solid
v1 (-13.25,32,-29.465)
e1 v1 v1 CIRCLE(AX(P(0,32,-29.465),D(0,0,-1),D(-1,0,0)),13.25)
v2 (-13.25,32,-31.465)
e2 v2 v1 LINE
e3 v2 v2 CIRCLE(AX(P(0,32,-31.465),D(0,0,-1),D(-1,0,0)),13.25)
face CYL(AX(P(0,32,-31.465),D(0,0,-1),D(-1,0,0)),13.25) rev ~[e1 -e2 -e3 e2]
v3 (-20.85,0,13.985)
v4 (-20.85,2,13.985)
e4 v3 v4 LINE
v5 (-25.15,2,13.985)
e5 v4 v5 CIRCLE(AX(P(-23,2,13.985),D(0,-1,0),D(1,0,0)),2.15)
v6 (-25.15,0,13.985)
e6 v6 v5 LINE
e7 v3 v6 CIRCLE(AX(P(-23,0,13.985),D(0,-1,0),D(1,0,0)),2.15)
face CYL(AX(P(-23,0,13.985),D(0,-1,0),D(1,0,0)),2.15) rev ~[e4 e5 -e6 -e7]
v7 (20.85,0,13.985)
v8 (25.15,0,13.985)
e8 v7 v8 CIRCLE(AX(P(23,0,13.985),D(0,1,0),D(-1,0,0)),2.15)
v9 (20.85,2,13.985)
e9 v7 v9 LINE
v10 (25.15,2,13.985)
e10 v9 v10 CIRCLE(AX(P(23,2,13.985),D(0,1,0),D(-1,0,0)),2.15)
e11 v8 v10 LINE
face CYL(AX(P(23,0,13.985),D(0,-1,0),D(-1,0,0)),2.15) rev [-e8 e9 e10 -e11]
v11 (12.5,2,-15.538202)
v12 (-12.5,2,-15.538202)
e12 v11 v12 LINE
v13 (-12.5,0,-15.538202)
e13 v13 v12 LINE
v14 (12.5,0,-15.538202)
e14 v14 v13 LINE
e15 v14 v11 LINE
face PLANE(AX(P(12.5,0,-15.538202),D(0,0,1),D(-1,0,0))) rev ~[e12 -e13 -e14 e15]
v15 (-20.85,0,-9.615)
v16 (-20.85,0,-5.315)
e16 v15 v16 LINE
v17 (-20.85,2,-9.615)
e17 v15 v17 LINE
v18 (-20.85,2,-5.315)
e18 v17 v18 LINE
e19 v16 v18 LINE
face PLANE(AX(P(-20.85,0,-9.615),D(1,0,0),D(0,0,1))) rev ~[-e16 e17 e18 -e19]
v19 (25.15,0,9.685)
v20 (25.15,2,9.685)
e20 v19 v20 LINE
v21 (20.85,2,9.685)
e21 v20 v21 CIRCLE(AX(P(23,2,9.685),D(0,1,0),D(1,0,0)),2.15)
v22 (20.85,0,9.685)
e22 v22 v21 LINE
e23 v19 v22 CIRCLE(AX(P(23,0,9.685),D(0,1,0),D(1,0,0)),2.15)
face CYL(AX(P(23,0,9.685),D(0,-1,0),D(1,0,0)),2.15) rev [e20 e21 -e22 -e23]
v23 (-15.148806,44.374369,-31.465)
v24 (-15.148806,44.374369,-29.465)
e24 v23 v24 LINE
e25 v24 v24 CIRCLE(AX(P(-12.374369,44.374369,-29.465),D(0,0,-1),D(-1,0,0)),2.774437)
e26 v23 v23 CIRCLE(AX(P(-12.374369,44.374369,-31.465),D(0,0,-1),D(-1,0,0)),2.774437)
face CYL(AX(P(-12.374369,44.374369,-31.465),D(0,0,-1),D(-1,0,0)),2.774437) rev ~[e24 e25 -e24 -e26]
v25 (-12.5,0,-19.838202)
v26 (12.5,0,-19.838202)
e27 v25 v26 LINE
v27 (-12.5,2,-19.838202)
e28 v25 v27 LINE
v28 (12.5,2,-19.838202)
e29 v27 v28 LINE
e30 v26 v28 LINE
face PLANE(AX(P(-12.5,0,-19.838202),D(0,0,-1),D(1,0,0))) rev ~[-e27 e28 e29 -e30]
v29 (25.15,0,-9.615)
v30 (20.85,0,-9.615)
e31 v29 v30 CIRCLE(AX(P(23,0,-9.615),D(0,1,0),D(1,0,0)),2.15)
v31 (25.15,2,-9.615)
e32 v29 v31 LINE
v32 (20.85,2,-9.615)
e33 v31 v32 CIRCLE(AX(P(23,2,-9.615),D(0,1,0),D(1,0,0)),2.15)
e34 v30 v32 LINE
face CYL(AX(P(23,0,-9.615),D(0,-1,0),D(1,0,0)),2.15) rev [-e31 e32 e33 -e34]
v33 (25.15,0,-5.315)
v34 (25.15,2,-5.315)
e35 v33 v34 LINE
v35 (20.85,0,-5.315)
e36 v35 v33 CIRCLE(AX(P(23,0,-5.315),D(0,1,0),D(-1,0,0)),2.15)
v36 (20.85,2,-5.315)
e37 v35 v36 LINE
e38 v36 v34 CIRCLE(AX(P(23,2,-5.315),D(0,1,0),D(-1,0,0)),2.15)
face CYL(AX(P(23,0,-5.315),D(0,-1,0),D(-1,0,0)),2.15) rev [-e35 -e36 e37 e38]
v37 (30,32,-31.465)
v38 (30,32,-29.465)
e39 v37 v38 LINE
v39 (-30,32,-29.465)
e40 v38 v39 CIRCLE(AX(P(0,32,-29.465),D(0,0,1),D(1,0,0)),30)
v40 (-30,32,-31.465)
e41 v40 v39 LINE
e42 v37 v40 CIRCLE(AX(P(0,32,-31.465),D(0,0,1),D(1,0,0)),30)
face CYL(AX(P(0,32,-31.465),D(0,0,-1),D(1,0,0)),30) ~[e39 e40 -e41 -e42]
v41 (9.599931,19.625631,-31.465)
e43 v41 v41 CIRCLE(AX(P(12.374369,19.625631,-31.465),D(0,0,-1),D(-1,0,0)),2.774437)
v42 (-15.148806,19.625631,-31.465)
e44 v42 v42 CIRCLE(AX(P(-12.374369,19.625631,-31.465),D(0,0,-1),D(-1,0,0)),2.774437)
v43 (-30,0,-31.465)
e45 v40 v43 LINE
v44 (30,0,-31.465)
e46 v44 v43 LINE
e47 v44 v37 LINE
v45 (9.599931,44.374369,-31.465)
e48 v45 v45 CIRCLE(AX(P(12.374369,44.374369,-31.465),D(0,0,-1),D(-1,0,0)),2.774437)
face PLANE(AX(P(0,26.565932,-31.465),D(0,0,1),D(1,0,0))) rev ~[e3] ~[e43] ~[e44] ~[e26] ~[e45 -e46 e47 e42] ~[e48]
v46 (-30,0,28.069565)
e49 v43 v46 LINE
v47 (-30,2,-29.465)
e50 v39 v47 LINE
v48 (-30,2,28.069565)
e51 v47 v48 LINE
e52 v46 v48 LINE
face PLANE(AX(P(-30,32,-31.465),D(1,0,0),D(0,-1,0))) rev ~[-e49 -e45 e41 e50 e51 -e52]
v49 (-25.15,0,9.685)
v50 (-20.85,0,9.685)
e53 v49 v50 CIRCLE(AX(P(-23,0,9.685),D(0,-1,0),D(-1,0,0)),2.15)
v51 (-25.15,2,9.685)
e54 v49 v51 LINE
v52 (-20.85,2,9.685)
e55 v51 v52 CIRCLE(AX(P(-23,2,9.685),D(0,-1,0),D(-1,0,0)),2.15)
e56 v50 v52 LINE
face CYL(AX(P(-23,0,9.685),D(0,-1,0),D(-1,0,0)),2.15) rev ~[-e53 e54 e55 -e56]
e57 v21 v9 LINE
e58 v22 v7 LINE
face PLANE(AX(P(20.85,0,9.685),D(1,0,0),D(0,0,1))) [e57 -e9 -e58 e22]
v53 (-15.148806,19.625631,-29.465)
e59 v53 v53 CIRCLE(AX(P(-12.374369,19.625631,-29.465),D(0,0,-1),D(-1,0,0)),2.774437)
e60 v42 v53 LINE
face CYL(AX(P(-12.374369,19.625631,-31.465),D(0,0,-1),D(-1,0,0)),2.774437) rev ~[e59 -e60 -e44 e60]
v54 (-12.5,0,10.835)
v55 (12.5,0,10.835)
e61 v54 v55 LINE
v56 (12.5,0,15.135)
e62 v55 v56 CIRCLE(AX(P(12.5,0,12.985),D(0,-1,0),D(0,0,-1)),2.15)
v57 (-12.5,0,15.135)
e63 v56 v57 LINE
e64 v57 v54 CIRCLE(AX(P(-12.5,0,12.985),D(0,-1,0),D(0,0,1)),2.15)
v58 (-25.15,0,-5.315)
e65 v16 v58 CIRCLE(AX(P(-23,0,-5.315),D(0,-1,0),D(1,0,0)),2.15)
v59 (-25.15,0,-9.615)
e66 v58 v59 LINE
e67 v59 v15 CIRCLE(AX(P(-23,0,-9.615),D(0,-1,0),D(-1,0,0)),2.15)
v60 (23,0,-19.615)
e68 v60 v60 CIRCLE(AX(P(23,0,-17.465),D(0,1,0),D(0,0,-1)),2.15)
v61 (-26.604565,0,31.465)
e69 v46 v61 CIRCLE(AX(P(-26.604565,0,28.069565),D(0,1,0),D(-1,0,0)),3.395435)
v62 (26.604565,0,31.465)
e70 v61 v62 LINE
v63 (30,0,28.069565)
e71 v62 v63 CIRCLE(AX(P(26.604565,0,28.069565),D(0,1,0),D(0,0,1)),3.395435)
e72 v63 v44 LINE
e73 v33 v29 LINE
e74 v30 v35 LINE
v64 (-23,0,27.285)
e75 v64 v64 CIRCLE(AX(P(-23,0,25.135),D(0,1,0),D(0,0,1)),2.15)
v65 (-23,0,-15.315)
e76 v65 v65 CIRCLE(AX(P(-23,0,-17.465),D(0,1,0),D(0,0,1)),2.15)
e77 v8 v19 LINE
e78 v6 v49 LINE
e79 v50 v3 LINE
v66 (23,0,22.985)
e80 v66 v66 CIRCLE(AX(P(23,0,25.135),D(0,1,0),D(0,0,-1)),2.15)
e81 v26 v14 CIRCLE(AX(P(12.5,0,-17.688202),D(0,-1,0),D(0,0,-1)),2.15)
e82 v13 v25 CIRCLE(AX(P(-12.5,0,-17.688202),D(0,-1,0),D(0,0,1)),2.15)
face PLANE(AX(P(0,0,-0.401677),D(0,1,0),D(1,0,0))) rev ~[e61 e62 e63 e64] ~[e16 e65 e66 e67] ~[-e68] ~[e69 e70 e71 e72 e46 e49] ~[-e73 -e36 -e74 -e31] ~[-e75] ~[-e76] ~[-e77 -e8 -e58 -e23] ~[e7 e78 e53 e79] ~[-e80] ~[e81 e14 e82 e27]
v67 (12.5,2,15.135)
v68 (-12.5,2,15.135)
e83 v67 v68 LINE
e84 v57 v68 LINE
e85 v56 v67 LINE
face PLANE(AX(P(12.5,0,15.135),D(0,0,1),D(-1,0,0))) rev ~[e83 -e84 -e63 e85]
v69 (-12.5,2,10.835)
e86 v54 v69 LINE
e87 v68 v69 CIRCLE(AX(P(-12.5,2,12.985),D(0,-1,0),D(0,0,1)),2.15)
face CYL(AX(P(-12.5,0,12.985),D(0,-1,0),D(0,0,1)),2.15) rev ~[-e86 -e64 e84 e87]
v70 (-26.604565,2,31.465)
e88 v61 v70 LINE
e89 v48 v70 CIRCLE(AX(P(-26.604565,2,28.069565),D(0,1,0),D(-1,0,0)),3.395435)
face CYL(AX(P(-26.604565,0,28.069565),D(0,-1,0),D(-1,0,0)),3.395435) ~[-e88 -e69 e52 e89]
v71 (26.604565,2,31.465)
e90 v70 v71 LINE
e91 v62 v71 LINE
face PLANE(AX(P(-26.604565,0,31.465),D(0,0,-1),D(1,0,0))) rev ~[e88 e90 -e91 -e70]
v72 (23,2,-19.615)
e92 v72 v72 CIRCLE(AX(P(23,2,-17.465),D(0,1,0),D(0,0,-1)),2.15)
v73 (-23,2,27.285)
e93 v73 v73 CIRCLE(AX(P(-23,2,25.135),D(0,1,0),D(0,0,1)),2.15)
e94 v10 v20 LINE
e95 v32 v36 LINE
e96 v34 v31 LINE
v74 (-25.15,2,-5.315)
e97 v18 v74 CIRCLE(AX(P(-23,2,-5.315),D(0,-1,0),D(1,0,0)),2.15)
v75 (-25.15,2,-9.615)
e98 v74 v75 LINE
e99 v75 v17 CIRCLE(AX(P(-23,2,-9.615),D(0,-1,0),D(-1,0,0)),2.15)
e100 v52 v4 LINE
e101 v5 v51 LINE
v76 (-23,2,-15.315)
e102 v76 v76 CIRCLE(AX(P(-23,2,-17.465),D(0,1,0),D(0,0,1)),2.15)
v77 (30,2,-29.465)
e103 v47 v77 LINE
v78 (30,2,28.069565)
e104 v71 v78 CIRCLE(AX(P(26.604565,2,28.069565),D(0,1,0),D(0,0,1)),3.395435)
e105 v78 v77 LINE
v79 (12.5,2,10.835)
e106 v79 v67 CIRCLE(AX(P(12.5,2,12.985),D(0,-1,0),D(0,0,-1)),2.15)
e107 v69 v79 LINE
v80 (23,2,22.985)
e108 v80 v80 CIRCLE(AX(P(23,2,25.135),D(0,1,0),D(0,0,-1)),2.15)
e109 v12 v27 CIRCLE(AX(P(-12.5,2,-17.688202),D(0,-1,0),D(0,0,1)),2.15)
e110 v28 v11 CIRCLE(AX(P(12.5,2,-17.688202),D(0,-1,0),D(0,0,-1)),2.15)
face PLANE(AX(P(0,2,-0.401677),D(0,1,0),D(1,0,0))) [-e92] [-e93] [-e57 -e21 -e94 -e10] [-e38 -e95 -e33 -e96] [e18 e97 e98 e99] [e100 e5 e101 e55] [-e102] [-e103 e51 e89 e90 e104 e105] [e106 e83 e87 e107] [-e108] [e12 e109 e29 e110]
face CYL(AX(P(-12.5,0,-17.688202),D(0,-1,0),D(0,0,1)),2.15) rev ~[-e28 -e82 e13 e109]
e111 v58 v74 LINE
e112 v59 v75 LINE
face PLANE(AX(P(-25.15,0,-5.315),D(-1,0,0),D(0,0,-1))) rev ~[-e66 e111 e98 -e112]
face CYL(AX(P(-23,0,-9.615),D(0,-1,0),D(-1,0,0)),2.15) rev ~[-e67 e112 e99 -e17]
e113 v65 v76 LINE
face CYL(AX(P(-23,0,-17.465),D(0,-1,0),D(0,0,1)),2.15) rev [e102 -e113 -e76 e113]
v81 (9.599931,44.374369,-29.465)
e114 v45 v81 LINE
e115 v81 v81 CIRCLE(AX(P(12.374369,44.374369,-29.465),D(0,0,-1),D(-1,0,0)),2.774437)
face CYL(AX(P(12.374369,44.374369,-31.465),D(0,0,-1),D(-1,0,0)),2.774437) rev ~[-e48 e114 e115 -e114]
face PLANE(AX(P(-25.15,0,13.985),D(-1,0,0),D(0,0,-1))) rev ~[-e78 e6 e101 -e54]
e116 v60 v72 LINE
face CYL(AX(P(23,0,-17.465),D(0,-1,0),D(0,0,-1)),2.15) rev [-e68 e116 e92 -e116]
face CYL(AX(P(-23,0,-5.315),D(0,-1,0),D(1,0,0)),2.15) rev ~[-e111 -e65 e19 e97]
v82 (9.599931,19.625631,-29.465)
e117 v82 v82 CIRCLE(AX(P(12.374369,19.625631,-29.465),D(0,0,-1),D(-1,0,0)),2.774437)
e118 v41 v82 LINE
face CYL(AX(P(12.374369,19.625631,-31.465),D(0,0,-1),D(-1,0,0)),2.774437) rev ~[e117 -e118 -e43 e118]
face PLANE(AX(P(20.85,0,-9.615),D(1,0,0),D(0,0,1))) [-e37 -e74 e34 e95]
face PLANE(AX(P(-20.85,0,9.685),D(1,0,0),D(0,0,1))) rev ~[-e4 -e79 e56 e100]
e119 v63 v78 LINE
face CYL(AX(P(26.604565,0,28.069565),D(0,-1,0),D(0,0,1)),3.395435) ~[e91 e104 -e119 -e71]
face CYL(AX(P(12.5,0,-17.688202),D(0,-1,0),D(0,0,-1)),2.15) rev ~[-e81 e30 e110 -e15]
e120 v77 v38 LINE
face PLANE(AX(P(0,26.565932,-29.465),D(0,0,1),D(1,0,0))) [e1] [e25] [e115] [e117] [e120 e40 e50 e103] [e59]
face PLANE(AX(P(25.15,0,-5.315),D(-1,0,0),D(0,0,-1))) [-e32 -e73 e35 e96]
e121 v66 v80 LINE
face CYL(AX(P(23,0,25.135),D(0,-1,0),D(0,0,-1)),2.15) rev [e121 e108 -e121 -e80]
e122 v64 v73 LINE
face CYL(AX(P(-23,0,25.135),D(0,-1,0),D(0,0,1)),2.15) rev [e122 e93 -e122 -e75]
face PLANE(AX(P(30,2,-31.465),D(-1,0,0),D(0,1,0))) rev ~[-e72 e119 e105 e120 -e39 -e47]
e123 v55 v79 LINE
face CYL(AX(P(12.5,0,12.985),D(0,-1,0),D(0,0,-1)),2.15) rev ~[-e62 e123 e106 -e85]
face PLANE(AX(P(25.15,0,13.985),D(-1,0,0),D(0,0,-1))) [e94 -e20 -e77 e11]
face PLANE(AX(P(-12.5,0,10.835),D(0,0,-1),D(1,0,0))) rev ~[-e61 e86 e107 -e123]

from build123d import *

# Parameters (mm, degrees)
SKETCH1_R           = 2.15
BOSS_EXTRUDE1_DEPTH = 2
SKETCH5_R           = 2.774437445
SKETCH5_R_2         = 13.25
BOSS_EXTRUDE2_DEPTH = 2


with BuildPart() as part:
    # Sketch1 → Boss-Extrude1 (new body)
    with BuildSketch(Plane(origin=(0, 0, 0), x_dir=(1, 0, 0), z_dir=(0, 1, 0))):
        with BuildLine():
            Line((-26.604565316, -31.465), (26.604565316, -31.465))
            ThreePointArc((26.604565316, -31.465), (29.005500206, -30.470500206), (30, -28.069565316))
            Line((30, -28.069565316), (30, 31.465))
            Line((30, 31.465), (-30, 31.465))
            Line((-30, 31.465), (-30, -28.069565316))
            ThreePointArc((-30, -28.069565316), (-29.005500206, -30.470500206), (-26.604565316, -31.465))
        make_face()
        with Locations(Location((-23, -25.135, 0), (0, 0, 270))):
            Circle(SKETCH1_R, mode=Mode.SUBTRACT)
        with Locations(Location((-23, 17.465, 0), (0, 0, 270))):
            Circle(SKETCH1_R, mode=Mode.SUBTRACT)
        with Locations(Location((23, -25.135, 0), (0, 0, 90))):
            Circle(SKETCH1_R, mode=Mode.SUBTRACT)
        with Locations(Location((23, 17.465, 0), (0, 0, 90))):
            Circle(SKETCH1_R, mode=Mode.SUBTRACT)
        with BuildLine():
            Line((-12.5, 19.838201533), (12.5, 19.838201533))
            ThreePointArc((12.5, 19.838201533), (14.65, 17.688201533), (12.5, 15.538201533))
            Line((12.5, 15.538201533), (-12.5, 15.538201533))
            ThreePointArc((-12.5, 15.538201533), (-14.65, 17.688201533), (-12.5, 19.838201533))
        make_face(mode=Mode.SUBTRACT)
        with BuildLine():
            Line((-20.85, 9.615), (-20.85, 5.315))
            ThreePointArc((-20.85, 5.315), (-23, 3.165), (-25.15, 5.315))
            Line((-25.15, 5.315), (-25.15, 9.615))
            ThreePointArc((-25.15, 9.615), (-23, 11.765), (-20.85, 9.615))
        make_face(mode=Mode.SUBTRACT)
        with BuildLine():
            Line((-20.85, -9.685), (-20.85, -13.985))
            ThreePointArc((-20.85, -13.985), (-23, -16.135), (-25.15, -13.985))
            Line((-25.15, -13.985), (-25.15, -9.685))
            ThreePointArc((-25.15, -9.685), (-23, -7.535), (-20.85, -9.685))
        make_face(mode=Mode.SUBTRACT)
        with BuildLine():
            Line((-12.5, -10.835), (12.5, -10.835))
            ThreePointArc((12.5, -10.835), (14.65, -12.985), (12.5, -15.135))
            Line((12.5, -15.135), (-12.5, -15.135))
            ThreePointArc((-12.5, -15.135), (-14.65, -12.985), (-12.5, -10.835))
        make_face(mode=Mode.SUBTRACT)
        with BuildLine():
            Line((20.85, -9.685), (20.85, -13.985))
            ThreePointArc((20.85, -13.985), (23, -16.135), (25.15, -13.985))
            Line((25.15, -13.985), (25.15, -9.685))
            ThreePointArc((25.15, -9.685), (23, -7.535), (20.85, -9.685))
        make_face(mode=Mode.SUBTRACT)
        with BuildLine():
            Line((20.85, 9.615), (20.85, 5.315))
            ThreePointArc((20.85, 5.315), (23, 3.165), (25.15, 5.315))
            Line((25.15, 5.315), (25.15, 9.615))
            ThreePointArc((25.15, 9.615), (23, 11.765), (20.85, 9.615))
        make_face(mode=Mode.SUBTRACT)
    extrude(amount=BOSS_EXTRUDE1_DEPTH)

    # Sketch5 → Boss-Extrude2 (add)
    with BuildSketch(Plane(origin=(0, 0, -31.465), x_dir=(-1, 0, 0), z_dir=(0, 0, -1))):
        with BuildLine():
            ThreePointArc((-30, 32), (0, 62), (30, 32))
            Line((30, 32), (30, 2))
            Line((30, 2), (-30, 2))
            Line((-30, 2), (-30, 32))
        make_face()
        with Locations((12.374368671, 19.625631329)):
            Circle(SKETCH5_R, mode=Mode.SUBTRACT)
        with Locations((-12.374368671, 19.625631329)):
            Circle(SKETCH5_R, mode=Mode.SUBTRACT)
        with Locations((-12.374368671, 44.374368671)):
            Circle(SKETCH5_R, mode=Mode.SUBTRACT)
        with Locations((12.374368671, 44.374368671)):
            Circle(SKETCH5_R, mode=Mode.SUBTRACT)
        with Locations((0, 32)):
            Circle(SKETCH5_R_2, mode=Mode.SUBTRACT)
    extrude(amount=-BOSS_EXTRUDE2_DEPTH)


solid = part.part
